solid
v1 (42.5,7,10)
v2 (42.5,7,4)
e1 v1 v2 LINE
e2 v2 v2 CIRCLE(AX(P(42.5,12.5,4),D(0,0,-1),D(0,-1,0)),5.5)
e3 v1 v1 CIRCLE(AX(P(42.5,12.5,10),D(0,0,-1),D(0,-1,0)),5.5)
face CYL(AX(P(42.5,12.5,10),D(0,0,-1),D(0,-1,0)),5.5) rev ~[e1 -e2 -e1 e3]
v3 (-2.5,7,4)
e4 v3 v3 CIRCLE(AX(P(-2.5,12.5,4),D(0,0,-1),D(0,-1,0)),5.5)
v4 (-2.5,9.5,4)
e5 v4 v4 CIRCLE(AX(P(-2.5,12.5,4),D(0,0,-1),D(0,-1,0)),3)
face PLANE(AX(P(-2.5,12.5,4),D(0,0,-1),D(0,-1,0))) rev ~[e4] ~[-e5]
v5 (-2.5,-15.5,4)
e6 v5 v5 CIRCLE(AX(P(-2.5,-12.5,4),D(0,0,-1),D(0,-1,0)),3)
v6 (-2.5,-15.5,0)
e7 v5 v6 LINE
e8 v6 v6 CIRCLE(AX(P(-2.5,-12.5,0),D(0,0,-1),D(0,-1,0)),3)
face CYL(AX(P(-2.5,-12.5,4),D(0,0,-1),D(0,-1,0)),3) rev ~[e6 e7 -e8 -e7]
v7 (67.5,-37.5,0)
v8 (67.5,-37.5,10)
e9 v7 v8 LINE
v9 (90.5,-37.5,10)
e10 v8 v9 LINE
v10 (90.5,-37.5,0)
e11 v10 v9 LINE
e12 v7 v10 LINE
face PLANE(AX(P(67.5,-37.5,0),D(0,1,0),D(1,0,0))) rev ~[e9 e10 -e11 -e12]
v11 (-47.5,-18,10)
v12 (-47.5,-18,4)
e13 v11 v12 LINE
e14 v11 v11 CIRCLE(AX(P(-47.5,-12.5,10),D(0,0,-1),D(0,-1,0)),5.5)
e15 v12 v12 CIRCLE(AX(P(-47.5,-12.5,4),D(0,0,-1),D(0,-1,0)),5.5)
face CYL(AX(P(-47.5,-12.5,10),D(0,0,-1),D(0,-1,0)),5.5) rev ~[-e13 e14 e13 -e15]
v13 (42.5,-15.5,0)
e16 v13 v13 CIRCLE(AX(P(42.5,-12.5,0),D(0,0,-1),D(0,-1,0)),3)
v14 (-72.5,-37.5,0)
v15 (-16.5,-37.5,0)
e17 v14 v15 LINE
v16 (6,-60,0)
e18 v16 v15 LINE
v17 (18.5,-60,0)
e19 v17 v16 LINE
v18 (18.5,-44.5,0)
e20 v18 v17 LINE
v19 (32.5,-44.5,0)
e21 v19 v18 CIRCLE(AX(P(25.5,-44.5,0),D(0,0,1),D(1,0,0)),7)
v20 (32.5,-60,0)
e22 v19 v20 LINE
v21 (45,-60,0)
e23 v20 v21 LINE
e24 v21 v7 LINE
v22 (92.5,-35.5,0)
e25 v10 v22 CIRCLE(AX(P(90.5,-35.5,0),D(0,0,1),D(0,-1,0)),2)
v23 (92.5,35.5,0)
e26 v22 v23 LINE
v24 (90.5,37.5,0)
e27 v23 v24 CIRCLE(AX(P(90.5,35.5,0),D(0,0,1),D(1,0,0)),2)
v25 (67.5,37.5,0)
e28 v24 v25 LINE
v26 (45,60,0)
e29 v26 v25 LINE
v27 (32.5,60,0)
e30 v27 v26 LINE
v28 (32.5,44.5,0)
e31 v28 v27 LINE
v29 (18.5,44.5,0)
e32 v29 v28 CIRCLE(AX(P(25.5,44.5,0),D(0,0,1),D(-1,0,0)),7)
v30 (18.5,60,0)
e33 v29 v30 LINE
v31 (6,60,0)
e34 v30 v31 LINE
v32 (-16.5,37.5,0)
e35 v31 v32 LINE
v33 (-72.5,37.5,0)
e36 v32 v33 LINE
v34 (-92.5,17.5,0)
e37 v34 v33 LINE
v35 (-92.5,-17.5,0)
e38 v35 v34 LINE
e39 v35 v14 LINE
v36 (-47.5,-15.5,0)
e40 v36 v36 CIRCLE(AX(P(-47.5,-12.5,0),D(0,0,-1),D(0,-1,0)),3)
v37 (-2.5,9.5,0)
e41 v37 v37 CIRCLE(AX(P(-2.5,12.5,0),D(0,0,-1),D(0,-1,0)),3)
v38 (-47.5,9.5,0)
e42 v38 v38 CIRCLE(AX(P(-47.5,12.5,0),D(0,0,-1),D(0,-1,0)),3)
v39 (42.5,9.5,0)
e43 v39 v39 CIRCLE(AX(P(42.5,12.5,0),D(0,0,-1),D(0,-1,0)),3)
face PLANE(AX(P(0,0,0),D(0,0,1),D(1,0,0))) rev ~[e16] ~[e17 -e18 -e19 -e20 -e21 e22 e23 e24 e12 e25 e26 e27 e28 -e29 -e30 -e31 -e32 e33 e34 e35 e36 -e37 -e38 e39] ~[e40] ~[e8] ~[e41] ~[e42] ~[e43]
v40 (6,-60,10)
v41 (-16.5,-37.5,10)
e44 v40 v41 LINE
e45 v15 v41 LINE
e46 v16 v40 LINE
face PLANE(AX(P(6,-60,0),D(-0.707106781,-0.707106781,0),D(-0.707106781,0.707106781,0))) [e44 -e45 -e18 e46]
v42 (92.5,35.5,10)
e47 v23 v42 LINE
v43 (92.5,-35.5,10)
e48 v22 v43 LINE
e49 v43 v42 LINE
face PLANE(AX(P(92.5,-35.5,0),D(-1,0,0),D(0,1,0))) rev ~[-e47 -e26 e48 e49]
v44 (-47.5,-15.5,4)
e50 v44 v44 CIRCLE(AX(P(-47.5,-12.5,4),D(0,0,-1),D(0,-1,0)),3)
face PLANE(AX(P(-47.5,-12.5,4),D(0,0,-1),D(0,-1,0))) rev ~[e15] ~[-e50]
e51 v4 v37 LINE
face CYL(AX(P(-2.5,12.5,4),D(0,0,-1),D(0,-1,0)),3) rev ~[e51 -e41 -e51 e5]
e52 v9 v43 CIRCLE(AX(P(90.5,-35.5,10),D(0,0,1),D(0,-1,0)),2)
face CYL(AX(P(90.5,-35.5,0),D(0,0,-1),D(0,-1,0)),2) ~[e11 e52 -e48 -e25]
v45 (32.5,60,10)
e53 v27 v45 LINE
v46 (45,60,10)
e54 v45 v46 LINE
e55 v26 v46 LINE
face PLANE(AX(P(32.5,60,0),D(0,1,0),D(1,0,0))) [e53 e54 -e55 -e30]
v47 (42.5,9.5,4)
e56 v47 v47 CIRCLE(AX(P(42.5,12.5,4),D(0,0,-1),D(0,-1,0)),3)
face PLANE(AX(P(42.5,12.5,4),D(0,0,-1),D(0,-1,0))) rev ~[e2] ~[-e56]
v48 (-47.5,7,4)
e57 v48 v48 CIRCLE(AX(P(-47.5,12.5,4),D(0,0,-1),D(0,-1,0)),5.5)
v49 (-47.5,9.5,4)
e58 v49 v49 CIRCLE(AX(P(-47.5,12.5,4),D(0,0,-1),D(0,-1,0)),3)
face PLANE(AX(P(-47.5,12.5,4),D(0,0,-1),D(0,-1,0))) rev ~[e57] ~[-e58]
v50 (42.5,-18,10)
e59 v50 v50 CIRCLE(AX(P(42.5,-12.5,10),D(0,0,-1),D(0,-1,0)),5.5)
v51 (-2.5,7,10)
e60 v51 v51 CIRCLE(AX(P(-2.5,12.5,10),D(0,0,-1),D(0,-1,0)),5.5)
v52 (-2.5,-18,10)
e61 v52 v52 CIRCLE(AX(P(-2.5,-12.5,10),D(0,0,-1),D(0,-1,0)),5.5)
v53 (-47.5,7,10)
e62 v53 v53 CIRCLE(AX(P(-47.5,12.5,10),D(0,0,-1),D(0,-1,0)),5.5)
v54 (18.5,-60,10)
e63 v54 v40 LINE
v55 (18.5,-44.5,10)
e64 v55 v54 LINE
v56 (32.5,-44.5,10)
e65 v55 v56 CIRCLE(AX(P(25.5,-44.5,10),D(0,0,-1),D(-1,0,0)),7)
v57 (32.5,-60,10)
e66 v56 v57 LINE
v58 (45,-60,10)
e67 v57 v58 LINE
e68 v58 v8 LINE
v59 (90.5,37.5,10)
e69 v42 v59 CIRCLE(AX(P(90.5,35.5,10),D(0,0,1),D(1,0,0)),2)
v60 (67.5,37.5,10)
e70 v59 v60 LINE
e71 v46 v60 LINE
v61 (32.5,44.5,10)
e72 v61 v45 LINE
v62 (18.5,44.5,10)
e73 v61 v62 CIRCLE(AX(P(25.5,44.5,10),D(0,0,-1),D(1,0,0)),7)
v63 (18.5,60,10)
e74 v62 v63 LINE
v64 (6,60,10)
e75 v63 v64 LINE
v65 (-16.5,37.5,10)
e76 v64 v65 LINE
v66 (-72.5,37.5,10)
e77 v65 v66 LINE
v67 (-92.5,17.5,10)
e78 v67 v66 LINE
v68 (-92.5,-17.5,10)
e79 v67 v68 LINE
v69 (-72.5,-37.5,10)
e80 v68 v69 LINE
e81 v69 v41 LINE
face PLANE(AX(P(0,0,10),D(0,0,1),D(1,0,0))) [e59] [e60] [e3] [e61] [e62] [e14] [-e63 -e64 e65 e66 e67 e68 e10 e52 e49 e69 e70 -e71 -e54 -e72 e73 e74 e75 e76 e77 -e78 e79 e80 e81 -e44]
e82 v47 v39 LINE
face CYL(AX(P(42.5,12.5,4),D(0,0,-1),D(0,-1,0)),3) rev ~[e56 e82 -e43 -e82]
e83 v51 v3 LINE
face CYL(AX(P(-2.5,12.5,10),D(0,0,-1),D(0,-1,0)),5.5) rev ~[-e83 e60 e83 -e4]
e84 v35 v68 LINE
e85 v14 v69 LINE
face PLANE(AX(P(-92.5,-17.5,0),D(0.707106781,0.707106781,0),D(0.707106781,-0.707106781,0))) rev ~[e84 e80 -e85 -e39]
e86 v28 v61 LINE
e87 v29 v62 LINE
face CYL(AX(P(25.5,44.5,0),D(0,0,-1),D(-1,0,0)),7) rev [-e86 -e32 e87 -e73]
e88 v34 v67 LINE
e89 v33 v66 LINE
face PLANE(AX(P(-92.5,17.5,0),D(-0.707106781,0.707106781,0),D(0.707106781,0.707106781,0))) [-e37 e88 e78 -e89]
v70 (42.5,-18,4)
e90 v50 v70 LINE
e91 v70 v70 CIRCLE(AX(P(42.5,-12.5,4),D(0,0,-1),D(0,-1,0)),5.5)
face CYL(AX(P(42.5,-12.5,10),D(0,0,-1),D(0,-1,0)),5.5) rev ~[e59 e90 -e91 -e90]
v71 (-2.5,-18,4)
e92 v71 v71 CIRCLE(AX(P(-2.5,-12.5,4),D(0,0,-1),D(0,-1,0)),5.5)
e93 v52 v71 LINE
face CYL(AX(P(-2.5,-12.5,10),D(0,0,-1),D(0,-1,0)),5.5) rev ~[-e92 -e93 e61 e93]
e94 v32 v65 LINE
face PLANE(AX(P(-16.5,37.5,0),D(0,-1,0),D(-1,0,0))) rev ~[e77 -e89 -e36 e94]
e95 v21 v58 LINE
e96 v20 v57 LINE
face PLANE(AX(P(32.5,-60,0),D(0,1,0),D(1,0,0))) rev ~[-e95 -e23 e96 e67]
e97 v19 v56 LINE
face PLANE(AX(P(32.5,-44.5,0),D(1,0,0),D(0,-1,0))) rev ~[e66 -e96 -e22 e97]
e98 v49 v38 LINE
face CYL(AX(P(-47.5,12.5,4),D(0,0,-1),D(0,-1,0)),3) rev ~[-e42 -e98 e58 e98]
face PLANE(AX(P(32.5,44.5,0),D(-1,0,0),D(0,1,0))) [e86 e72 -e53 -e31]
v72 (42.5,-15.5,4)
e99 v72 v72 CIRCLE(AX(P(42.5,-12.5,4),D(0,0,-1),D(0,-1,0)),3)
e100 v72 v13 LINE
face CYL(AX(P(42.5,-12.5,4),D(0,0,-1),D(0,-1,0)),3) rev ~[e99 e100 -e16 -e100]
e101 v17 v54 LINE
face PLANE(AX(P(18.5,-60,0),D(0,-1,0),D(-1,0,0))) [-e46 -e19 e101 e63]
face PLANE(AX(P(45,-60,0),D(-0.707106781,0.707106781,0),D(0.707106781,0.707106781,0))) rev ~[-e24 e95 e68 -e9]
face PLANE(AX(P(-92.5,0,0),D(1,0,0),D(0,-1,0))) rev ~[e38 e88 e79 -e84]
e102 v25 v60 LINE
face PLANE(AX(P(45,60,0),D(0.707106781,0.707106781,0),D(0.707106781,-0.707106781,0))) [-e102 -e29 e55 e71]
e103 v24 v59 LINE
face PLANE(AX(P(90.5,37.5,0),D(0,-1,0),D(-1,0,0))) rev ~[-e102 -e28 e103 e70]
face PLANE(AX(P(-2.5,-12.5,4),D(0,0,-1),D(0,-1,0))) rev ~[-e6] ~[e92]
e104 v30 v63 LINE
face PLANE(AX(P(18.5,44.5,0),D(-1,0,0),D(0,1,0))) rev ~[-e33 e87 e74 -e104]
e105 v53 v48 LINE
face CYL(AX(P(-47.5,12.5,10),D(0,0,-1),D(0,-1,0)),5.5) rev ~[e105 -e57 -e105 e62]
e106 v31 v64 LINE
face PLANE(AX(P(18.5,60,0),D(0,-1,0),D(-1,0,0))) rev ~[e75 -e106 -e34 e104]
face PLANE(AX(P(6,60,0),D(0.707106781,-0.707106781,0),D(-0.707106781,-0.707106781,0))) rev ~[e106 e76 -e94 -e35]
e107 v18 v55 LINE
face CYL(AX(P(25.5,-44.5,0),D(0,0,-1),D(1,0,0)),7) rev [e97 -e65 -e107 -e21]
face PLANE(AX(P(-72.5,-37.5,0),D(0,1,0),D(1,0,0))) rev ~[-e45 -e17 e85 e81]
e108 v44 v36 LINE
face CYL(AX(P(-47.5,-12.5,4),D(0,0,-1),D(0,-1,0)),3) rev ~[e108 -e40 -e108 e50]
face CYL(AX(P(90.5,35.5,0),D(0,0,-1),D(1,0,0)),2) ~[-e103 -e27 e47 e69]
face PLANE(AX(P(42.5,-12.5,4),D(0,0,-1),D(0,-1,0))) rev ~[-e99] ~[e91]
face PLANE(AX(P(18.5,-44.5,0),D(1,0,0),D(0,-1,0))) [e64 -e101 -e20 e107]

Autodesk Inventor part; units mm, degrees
ref_plane "YZ Plane" through (0, 0, 0) normal (1, 0, 0) x (0, 1, 0)
ref_plane "XZ Plane" through (0, 0, 0) normal (0, 1, 0) x (-1, 0, 0)
ref_plane "XY Plane" through (0, 0, 0) normal (0, 0, 1) x (1, 0, 0)
sketch "Sketch1" plane through (0, 0, 0) normal (0, 0, 1) x (1, 0, 0)
  line L0 (92.5, -35.5) -> (92.5, 35.5)
  line L1 (-92.5, 17.5) -> (-92.5, -17.5)
  line L2 (-92.5, 0) -> (-92.5, 17.5)
  line L3 (-92.5, 17.5) -> (-72.5, 37.5)
  line L4 (-92.5, 17.5) -> (-35.0841, 17.5) construction
  line L5 (-92.5, 0) -> (-92.5, -17.5)
  line L6 (-92.5, -17.5) -> (-72.5, -37.5)
  line L7 (25.5, 37.5) -> (25.5, 44.5)
  arc A0 (18.5, 44.5) -> (32.5, 44.5) centre (25.5, 44.5) ccw
  line L8 (32.5, 44.5) -> (32.5, 60)
  line L9 (18.5, 44.5) -> (18.5, 60)
  line L10 (32.5, 60) -> (45, 60)
  line L11 (45, 60) -> (67.5, 37.5)
  line L12 (45, 60) -> (96.9057, 60) construction
  line L13 (18.5, 60) -> (6, 60)
  line L14 (6, 60) -> (-16.5, 37.5)
  line L15 (90.5, 37.5) -> (67.5, 37.5)
  line L16 (-16.5, 37.5) -> (-72.5, 37.5)
  line L17 (25.5, -37.5) -> (25.5, -44.5)
  arc A1 (32.5, -44.5) -> (18.5, -44.5) centre (25.5, -44.5) ccw
  line L18 (18.5, -44.5) -> (18.5, -60)
  line L19 (32.5, -44.5) -> (32.5, -60)
  line L20 (18.5, -60) -> (6, -60)
  line L21 (6, -60) -> (-16.5, -37.5)
  line L22 (32.5, -60) -> (45, -60)
  line L23 (45, -60) -> (67.5, -37.5)
  line L24 (-72.5, -37.5) -> (-16.5, -37.5)
  line L25 (67.5, -37.5) -> (90.5, -37.5)
  arc A2 (92.5, 35.5) -> (90.5, 37.5) centre (90.5, 35.5) ccw
  arc A3 (90.5, -37.5) -> (92.5, -35.5) centre (90.5, -35.5) ccw
  point P0 (0, 0)
  dimension "d13" = 17.5
  dimension "d14" = 45
  dimension "d15" = 17.5
  dimension "d16" = 135
  dimension "d19" = 14
  dimension "d20" = 15.5
  dimension "d21" = 15.5
  dimension "d22" = 12.5
  dimension "d23" = 45
  dimension "d24" = 12.5
  dimension "d25" = 135
  dimension "d27" = 14
  dimension "d28" = 15.5
  dimension "d29" = 15.5
  dimension "d31" = 12.5
  dimension "d32" = 135
  dimension "d33" = 12.5
  dimension "d34" = 135
  dimension "d35" = 2
  dimension "d36" = 60
  dimension "d37" = 185
  dimension "d38" = 97.5
  dimension "d39" = 42.5
  dimension "d40" = 4.4057
  dimension "d41" = 92.5
  dimension "d42" = 60
  dimension "d43" = 127.5841
extrude "Extrusion1" add sketch "Sketch1" along normal blind 10
sketch "Sketch2" plane through (0, 0, 10) normal (0, 0, 1) x (1, 0, 0)
  line L0 (92.5, -35.5) -> (92.5, 35.5) projected
  point P0 (0, 0)
  point P1 (42.5, 12.5)
  point P2 (42.5, -12.5)
  point P3 (-2.5, 12.5)
  point P4 (-2.5, -12.5)
  point P5 (-47.5, 12.5)
  point P6 (-47.5, -12.5)
  dimension "d53" = 50
  dimension "d54" = 25
  dimension "d55" = 50
  dimension "d56" = 45
  dimension "d57" = 45
  dimension "d58" = 45
  dimension "d59" = 45
  dimension "d60" = 12.5
  dimension "d61" = 12.5
  dimension "d62" = 12.5
  dimension "d63" = 25
  dimension "d64" = 25
hole "Hole1" at (42.5, 12.5, 10) at (42.5, -12.5, 10) at (-2.5, 12.5, 10) at (-2.5, -12.5, 10) at (-47.5, 12.5, 10) at (-47.5, -12.5, 10) direction (0, 0, -1) diameter 6 end through all counterbore diameter 11 counterbore depth 6
properties part number "Grundplate" material "Steel, Mild"
